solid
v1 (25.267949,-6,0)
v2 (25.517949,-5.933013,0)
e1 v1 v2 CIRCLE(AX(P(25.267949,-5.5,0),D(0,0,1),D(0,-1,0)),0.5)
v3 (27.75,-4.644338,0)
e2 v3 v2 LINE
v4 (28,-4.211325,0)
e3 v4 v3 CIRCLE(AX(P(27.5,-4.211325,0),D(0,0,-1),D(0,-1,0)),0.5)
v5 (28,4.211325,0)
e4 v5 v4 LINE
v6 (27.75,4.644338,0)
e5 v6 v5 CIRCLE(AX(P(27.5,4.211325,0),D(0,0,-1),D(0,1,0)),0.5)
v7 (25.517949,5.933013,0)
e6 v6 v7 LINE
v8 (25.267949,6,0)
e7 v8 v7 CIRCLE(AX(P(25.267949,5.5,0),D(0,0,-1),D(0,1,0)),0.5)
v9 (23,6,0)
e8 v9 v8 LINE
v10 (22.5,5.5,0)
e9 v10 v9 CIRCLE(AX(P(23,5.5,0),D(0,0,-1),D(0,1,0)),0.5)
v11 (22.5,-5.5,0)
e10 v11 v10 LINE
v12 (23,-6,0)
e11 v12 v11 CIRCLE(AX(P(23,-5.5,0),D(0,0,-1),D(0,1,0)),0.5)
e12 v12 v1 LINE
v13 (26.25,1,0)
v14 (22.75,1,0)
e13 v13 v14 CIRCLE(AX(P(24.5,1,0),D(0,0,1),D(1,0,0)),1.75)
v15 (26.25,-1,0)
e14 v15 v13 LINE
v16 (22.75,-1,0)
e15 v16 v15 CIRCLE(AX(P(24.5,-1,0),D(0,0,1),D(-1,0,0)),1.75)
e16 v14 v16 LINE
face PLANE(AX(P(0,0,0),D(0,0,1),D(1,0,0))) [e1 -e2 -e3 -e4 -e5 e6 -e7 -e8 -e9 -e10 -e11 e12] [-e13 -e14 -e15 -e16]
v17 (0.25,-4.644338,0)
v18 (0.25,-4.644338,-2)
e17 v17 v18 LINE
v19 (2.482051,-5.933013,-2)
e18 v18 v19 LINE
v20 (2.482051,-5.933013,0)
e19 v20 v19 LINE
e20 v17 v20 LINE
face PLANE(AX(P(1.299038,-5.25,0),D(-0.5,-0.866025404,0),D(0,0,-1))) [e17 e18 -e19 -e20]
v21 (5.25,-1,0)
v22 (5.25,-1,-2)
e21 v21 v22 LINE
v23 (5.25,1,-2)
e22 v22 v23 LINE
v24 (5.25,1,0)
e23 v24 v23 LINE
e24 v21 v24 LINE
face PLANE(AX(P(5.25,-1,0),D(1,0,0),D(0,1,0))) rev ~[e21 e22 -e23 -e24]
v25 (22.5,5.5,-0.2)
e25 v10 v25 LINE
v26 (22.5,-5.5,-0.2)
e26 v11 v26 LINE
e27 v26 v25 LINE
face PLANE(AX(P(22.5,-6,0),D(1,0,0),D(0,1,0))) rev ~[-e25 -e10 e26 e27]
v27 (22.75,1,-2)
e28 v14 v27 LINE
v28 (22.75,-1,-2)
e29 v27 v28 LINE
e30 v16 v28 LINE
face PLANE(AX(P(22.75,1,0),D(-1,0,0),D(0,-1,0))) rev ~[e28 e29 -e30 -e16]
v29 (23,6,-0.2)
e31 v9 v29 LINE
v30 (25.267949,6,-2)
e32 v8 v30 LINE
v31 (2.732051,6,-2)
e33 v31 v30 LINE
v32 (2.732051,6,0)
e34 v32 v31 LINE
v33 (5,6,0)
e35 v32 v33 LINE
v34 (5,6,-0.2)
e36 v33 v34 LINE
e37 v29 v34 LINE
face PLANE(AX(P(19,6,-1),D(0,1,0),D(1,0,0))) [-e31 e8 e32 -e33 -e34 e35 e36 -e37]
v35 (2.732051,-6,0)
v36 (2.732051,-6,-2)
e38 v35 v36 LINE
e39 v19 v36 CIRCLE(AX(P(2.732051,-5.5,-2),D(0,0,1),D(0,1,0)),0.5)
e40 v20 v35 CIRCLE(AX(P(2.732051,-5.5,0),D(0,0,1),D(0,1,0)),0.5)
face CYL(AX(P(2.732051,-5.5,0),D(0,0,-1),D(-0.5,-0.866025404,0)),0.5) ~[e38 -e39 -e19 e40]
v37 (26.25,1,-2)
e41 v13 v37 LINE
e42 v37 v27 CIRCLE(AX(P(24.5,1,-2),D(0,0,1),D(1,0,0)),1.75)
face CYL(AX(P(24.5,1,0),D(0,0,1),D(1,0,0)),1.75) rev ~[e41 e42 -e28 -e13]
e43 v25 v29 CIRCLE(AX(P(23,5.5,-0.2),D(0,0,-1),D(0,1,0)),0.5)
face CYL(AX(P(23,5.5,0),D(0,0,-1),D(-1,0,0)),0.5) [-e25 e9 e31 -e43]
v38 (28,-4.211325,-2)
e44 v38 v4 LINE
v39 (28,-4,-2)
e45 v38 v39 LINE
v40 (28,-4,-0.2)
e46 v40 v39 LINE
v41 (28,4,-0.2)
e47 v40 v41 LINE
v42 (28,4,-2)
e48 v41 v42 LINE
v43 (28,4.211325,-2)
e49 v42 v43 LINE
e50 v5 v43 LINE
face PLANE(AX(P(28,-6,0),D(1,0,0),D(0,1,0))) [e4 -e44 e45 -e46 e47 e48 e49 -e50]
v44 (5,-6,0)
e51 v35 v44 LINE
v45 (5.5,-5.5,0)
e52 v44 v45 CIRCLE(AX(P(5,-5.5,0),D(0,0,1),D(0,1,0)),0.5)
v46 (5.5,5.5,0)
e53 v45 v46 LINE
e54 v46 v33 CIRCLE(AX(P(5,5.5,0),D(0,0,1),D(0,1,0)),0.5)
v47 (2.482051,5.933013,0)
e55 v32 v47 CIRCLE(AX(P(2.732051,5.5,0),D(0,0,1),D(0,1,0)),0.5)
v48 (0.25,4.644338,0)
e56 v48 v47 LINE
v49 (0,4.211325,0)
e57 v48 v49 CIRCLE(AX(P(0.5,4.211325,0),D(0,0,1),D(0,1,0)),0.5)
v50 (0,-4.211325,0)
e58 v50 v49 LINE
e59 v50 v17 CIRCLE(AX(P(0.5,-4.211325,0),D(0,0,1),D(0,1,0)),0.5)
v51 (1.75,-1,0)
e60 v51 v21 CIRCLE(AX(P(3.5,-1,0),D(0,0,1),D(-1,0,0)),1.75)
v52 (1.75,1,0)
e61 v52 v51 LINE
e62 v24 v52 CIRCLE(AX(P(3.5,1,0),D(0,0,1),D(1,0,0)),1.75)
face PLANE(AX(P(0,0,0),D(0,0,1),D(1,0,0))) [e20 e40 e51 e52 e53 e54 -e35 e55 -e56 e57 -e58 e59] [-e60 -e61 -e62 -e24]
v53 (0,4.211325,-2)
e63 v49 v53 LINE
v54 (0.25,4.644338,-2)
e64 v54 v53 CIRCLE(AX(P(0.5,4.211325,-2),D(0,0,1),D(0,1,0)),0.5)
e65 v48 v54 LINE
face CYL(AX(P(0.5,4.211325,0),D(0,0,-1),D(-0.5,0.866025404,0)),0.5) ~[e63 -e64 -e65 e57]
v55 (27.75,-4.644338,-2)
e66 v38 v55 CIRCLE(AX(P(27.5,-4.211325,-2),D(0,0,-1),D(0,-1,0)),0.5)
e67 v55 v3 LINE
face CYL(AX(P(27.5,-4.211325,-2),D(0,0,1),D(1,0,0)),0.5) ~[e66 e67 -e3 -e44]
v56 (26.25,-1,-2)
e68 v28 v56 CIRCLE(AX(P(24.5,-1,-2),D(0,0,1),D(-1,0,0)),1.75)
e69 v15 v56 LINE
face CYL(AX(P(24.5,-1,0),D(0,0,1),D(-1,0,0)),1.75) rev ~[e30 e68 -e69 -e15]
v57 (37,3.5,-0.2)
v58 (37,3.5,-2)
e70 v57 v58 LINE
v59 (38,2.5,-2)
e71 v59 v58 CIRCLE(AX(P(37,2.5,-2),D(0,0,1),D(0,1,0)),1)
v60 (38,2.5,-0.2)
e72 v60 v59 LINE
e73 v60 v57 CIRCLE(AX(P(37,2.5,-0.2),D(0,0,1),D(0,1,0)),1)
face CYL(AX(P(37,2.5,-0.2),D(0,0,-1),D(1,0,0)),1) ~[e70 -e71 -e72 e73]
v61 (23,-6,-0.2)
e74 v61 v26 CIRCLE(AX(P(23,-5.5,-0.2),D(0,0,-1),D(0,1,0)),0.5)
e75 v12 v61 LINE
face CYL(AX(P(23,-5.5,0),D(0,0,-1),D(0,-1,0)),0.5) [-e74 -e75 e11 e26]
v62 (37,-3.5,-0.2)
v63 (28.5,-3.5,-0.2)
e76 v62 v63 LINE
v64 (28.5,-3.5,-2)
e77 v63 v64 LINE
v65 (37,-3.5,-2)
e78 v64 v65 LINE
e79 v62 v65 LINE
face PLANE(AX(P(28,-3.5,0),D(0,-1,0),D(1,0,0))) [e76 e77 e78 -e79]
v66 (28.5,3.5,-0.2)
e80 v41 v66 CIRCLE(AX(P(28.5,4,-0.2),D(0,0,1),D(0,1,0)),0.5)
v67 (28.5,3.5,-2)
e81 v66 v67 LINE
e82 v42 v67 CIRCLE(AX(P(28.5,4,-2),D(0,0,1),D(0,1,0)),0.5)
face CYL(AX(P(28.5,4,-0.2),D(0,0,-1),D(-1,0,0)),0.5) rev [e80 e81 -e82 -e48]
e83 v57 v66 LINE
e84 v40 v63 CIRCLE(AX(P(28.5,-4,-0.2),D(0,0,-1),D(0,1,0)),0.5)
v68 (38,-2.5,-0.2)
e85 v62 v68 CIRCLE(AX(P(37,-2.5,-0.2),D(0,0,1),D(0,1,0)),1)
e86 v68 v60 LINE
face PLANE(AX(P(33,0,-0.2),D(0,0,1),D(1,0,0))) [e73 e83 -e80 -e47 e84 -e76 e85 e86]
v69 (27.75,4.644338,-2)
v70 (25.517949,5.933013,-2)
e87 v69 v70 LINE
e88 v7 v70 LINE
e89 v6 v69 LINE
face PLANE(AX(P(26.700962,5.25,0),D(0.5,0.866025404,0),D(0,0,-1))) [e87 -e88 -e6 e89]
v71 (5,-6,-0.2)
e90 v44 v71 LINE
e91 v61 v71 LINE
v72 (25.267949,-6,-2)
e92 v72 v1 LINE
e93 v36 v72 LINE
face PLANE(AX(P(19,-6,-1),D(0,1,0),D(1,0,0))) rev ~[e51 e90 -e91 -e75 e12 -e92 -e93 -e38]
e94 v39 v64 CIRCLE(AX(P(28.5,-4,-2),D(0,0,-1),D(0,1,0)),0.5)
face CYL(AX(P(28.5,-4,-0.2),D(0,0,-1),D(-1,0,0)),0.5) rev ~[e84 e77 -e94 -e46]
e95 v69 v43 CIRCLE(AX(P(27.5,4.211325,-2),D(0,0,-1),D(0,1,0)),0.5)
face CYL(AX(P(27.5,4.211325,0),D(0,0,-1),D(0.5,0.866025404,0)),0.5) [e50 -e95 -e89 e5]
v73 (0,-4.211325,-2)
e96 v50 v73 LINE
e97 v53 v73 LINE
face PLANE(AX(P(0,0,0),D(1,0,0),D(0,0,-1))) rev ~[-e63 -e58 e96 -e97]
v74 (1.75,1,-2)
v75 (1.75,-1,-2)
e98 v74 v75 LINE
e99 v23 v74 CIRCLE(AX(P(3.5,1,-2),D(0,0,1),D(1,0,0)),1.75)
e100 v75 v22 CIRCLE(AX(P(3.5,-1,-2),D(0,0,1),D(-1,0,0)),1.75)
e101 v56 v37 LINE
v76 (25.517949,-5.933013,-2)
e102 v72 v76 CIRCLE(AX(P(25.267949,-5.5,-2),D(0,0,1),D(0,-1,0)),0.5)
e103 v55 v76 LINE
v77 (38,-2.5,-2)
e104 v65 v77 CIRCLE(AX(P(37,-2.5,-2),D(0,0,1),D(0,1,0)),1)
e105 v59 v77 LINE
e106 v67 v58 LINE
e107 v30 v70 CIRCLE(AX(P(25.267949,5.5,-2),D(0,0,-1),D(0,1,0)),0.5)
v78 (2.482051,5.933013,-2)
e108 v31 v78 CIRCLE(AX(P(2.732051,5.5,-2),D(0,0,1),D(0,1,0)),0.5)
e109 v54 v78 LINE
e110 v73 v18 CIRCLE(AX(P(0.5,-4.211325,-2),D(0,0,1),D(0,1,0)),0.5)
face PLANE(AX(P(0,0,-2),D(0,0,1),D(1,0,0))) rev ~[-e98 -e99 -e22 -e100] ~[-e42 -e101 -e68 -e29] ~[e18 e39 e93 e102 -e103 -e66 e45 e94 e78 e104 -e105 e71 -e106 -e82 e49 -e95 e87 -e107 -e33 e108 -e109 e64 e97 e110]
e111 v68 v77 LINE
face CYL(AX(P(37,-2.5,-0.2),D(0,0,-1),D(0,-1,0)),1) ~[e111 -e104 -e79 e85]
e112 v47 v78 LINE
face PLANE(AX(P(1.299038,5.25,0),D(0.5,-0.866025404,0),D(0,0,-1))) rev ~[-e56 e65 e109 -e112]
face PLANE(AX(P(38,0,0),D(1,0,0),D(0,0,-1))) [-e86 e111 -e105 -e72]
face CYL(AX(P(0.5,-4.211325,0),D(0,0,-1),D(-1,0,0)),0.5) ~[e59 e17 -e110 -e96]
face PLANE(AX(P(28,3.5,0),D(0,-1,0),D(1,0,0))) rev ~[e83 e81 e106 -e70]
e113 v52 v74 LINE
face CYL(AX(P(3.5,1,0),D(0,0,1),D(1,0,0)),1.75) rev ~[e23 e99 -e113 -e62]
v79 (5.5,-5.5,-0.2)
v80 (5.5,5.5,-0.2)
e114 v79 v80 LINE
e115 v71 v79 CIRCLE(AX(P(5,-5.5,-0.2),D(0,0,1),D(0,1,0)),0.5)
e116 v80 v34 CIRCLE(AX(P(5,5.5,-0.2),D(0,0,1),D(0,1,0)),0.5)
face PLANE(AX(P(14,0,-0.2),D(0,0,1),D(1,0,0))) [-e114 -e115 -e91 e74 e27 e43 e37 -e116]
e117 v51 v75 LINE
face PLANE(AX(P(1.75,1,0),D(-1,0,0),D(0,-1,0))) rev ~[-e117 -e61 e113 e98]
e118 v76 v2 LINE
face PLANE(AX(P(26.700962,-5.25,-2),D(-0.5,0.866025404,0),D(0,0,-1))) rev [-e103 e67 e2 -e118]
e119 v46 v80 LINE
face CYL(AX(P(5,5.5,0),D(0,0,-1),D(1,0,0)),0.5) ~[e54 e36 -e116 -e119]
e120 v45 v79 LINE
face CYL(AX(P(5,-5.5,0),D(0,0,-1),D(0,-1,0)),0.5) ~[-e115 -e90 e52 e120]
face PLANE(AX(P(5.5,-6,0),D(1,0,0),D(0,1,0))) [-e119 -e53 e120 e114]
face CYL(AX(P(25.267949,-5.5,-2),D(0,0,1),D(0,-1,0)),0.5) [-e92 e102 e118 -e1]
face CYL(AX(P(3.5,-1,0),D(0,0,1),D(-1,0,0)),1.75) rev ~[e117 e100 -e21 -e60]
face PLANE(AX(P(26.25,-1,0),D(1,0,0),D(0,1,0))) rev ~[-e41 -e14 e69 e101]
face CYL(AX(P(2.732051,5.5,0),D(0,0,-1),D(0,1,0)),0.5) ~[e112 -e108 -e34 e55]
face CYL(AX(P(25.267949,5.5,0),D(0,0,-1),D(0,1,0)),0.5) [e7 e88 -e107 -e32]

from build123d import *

# Parameters (mm, degrees)
CROQUIS4_W                   = 38
CROQUIS4_H                   = 2
SALIENTE_EXTRUIR1_DEPTH      = 6
SALIENTE_EXTRUIR1_DEPTH_BACK = 6
CROQUIS1_W                   = 10
CROQUIS1_H                   = 2.5
CORTAR_EXTRUIR2_DEPTH        = 10
CROQUIS5_W                   = 17
CROQUIS5_H                   = 12
CROQUIS5_W_2                 = 10
CORTAR_EXTRUIR3_DEPTH        = 0.2
REDONDEO1_R                  = 0.5
REDONDEO2_R                  = 0.5
REDONDEO4_R                  = 1
CHAFL_N1_SIZE                = 1.5
CHAFL_N1_SIZE2               = 2.598076211
CHAFL_N1_PART_2_SIZE         = 1.5
CHAFL_N1_PART_2_SIZE2        = 2.598076211
REDONDEO5_R                  = 0.5


with BuildPart() as part:
    # Croquis4 → Saliente-Extruir1 (new body, two sides)
    with BuildSketch(Plane(origin=(0, 0, 0), x_dir=(1, 0, 0), z_dir=(0, 1, 0))) as saliente_extruir1_sk:
        with Locations((19, 1)):
            Rectangle(CROQUIS4_W, CROQUIS4_H)
    extrude(amount=SALIENTE_EXTRUIR1_DEPTH)
    extrude(saliente_extruir1_sk.sketch, amount=-SALIENTE_EXTRUIR1_DEPTH_BACK)

    # Croquis1 → Cortar-Extruir2 (cut)
    with BuildSketch(Plane.XY):
        with Locations((33, 4.75)):
            Rectangle(CROQUIS1_W, CROQUIS1_H)
        with Locations((33, -4.75)):
            Rectangle(CROQUIS1_W, CROQUIS1_H)
        with BuildLine():
            Line((5.25, -1), (5.25, 1))
            ThreePointArc((5.25, 1), (3.5, 2.75), (1.75, 1))
            Line((1.75, 1), (1.75, -1))
            ThreePointArc((1.75, -1), (3.5, -2.75), (5.25, -1))
        make_face()
        with BuildLine():
            Line((22.75, 1), (22.75, -1))
            ThreePointArc((22.75, -1), (24.5, -2.75), (26.25, -1))
            Line((26.25, -1), (26.25, 1))
            ThreePointArc((26.25, 1), (24.5, 2.75), (22.75, 1))
        make_face()
    extrude(amount=-CORTAR_EXTRUIR2_DEPTH, mode=Mode.SUBTRACT)

    # Croquis5 → Cortar-Extruir3 (cut)
    with BuildSketch(Plane.XY):
        with Locations((14, 0)):
            Rectangle(CROQUIS5_W, CROQUIS5_H)
        with Locations((33, 0)):
            Rectangle(CROQUIS5_W_2, CROQUIS5_H)
    extrude(amount=-CORTAR_EXTRUIR3_DEPTH, mode=Mode.SUBTRACT)

    # Redondeo1
    redondeo1_edges = [part.edges().sort_by_distance(p)[0] for p in [
        (28, 3.5, -1.1),
        (28, -3.5, -1.1),
    ]]
    fillet(redondeo1_edges, radius=REDONDEO1_R)

    # Redondeo2
    redondeo2_edges = [part.edges().sort_by_distance(p)[0] for p in [
        (22.5, 6, -0.1),
        (22.5, -6, -0.1),
        (5.5, -6, -0.1),
        (5.5, 6, -0.1),
    ]]
    fillet(redondeo2_edges, radius=REDONDEO2_R)

    # Redondeo4
    redondeo4_edges = [part.edges().sort_by_distance(p)[0] for p in [
        (38, 3.5, -1.1),
        (38, -3.5, -1.1),
    ]]
    fillet(redondeo4_edges, radius=REDONDEO4_R)

    # Chaflán1
    chafl_n1_edges = [part.edges().sort_by_distance(p)[0] for p in [
        (0, -6, -1),
        (0, 6, -1),
    ]]
    chafl_n1_side = [part.faces().sort_by_distance(p)[0] for p in [
        (0, 0, -1),
    ]]
    chamfer(chafl_n1_edges, length=CHAFL_N1_SIZE, length2=CHAFL_N1_SIZE2, reference=chafl_n1_side[0])

    # Chaflán1 part 2
    chafl_n1_part_2_edges = [part.edges().sort_by_distance(p)[0] for p in [
        (28, 6, -1),
        (28, -6, -1),
    ]]
    chafl_n1_part_2_side = [part.faces().sort_by_distance(p)[0] for p in [
        (28, 5, -1.878344749),
    ]]
    chamfer(chafl_n1_part_2_edges, length=CHAFL_N1_PART_2_SIZE, length2=CHAFL_N1_PART_2_SIZE2, reference=chafl_n1_part_2_side[0])

    # Redondeo5
    redondeo5_edges = [part.edges().sort_by_distance(p)[0] for p in [
        (25.401923789, 6, -1),
        (2.598076211, 6, -1),
        (0, -4.5, -1),
        (0, 4.5, -1),
        (25.401923789, -6, -1),
        (2.598076211, -6, -1),
        (28, -4.5, -1),
        (28, 4.5, -1),
    ]]
    fillet(redondeo5_edges, radius=REDONDEO5_R)


solid = part.part
